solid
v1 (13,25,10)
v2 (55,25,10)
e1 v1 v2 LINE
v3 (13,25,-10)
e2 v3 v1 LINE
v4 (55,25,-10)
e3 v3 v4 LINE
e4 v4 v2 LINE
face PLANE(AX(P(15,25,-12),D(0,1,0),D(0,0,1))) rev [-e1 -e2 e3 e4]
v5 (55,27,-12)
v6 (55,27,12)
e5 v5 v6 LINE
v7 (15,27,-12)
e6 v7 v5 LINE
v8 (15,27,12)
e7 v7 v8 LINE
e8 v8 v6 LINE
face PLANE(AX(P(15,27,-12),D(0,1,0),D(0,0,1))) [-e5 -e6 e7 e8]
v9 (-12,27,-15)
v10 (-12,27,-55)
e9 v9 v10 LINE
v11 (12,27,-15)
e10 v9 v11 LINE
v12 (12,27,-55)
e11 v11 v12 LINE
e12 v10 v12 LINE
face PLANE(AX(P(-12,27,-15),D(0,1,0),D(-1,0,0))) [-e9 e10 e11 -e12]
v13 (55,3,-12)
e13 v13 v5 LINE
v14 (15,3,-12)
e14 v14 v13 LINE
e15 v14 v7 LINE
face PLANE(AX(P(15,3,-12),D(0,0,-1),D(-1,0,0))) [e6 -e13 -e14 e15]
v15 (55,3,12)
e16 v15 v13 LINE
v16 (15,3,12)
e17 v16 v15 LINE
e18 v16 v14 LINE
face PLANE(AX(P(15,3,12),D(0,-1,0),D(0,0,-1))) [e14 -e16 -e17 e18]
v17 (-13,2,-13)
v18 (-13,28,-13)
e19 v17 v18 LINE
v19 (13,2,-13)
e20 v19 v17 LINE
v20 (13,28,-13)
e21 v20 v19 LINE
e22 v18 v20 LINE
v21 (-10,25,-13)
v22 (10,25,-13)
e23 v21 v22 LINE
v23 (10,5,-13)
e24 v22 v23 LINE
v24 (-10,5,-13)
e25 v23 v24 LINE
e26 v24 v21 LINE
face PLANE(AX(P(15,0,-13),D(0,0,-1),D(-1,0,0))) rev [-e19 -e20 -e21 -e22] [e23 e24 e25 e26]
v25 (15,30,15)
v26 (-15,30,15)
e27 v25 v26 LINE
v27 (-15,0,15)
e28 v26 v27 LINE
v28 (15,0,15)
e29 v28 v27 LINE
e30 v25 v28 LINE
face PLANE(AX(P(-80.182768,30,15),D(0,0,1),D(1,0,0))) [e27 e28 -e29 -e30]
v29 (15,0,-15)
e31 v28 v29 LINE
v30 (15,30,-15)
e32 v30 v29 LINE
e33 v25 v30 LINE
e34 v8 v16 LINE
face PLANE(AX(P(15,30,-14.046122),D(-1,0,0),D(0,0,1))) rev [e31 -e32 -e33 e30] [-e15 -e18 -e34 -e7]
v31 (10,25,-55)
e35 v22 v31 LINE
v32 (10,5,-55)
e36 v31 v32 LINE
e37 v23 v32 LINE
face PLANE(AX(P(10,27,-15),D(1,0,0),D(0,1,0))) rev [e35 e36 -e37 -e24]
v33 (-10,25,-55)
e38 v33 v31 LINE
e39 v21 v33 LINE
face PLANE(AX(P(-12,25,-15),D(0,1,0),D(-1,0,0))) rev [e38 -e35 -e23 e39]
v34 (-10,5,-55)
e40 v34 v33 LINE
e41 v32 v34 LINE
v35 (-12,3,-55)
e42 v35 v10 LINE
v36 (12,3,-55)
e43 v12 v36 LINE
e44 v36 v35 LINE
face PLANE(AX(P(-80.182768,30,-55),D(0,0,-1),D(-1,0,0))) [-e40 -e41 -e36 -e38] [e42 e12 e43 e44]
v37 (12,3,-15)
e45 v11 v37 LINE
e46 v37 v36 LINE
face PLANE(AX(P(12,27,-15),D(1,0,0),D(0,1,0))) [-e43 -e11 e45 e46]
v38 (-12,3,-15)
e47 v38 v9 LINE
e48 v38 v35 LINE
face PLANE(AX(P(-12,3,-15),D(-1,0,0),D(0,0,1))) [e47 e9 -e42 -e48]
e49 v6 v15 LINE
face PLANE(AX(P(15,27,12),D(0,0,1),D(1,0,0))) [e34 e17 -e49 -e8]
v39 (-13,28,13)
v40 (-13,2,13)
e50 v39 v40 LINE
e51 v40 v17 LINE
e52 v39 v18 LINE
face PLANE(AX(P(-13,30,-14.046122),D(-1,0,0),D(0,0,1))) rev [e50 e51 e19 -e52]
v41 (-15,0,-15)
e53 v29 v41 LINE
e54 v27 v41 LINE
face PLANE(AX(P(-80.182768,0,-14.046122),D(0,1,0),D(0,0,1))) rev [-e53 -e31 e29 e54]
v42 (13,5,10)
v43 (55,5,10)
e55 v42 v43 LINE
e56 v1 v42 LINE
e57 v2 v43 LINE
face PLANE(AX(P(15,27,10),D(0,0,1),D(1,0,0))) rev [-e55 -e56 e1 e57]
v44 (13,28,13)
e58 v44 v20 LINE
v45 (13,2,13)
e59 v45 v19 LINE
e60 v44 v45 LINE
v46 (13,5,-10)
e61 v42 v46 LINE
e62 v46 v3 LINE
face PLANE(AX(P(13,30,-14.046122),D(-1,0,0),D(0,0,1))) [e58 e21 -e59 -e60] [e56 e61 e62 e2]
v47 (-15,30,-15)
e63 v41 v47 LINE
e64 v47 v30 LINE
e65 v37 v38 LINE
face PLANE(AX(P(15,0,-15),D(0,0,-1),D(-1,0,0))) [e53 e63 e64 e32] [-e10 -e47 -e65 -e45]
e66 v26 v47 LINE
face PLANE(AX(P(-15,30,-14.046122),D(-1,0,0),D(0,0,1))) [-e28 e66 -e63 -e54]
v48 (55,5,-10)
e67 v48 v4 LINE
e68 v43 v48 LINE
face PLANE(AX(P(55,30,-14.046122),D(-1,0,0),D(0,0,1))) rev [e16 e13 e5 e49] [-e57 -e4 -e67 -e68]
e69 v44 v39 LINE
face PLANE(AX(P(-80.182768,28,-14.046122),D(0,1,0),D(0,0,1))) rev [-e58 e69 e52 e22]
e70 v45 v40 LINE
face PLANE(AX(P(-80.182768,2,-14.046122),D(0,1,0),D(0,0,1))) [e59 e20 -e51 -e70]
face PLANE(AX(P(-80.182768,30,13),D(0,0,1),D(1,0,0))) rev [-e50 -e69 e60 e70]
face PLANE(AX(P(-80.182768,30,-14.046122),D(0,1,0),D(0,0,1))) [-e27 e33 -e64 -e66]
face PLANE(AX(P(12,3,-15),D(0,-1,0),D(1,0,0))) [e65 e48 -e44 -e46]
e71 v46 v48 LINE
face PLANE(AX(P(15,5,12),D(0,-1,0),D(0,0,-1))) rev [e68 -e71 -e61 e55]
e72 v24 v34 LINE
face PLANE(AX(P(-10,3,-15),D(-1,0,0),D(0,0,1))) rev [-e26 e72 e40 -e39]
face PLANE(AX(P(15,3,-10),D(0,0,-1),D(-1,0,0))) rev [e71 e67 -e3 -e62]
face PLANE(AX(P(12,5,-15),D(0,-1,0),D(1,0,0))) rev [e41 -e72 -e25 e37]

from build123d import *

# Parameters (mm, degrees)
CROQUIS1_W     = 30
CROQUIS1_H     = 40
CROQUIS1_H_2   = 30
CROQUIS1_W_2   = 40
EXTRUIR1_DEPTH = 30
CROQUIS2_W     = 30
CROQUIS2_H     = 30
CROQUIS2_W_2   = 24
CROQUIS2_H_2   = 24
EXTRUIR2_DEPTH = 40
CROQUIS3_W     = 30
CROQUIS3_H     = 30
CROQUIS3_W_2   = 24
CROQUIS3_H_2   = 24
EXTRUIR3_DEPTH = 40
VACIADO1_T     = -2


with BuildPart() as part:
    # Croquis1 → Extruir1 (new body)
    with BuildSketch(Plane(origin=(0, 0, 0), x_dir=(1, 0, 0), z_dir=(0, 1, 0))):
        with Locations((0, 35)):
            Rectangle(CROQUIS1_W, CROQUIS1_H)
        Rectangle(CROQUIS1_W, CROQUIS1_H_2)
        with Locations((35, 0)):
            Rectangle(CROQUIS1_W_2, CROQUIS1_H_2)
    extrude(amount=EXTRUIR1_DEPTH)

    # Croquis2 → Extruir2 (cut)
    with BuildSketch(Plane(origin=(55, 0, 0), x_dir=(0, 0, -1), z_dir=(1, 0, 0))):
        with Locations((0, 15)):
            Rectangle(CROQUIS2_W, CROQUIS2_H)
        with Locations((0, 15)):
            Rectangle(CROQUIS2_W_2, CROQUIS2_H_2, mode=Mode.SUBTRACT)
    extrude(amount=-EXTRUIR2_DEPTH, mode=Mode.SUBTRACT)

    # Croquis3 → Extruir3 (cut)
    with BuildSketch(Plane(origin=(0, 0, -55), x_dir=(-1, 0, 0), z_dir=(0, 0, -1))):
        with Locations((0, 15)):
            Rectangle(CROQUIS3_W, CROQUIS3_H)
        with Locations((0, 15)):
            Rectangle(CROQUIS3_W_2, CROQUIS3_H_2, mode=Mode.SUBTRACT)
    extrude(amount=-EXTRUIR3_DEPTH, mode=Mode.SUBTRACT)

    # Vaciado1
    vaciado1_openings = [part.faces().sort_by_distance(p)[0] for p in [
        (55, 15, 0),
        (0, 15, -55),
    ]]
    offset(amount=VACIADO1_T, openings=vaciado1_openings, kind=Kind.INTERSECTION)


solid = part.part
